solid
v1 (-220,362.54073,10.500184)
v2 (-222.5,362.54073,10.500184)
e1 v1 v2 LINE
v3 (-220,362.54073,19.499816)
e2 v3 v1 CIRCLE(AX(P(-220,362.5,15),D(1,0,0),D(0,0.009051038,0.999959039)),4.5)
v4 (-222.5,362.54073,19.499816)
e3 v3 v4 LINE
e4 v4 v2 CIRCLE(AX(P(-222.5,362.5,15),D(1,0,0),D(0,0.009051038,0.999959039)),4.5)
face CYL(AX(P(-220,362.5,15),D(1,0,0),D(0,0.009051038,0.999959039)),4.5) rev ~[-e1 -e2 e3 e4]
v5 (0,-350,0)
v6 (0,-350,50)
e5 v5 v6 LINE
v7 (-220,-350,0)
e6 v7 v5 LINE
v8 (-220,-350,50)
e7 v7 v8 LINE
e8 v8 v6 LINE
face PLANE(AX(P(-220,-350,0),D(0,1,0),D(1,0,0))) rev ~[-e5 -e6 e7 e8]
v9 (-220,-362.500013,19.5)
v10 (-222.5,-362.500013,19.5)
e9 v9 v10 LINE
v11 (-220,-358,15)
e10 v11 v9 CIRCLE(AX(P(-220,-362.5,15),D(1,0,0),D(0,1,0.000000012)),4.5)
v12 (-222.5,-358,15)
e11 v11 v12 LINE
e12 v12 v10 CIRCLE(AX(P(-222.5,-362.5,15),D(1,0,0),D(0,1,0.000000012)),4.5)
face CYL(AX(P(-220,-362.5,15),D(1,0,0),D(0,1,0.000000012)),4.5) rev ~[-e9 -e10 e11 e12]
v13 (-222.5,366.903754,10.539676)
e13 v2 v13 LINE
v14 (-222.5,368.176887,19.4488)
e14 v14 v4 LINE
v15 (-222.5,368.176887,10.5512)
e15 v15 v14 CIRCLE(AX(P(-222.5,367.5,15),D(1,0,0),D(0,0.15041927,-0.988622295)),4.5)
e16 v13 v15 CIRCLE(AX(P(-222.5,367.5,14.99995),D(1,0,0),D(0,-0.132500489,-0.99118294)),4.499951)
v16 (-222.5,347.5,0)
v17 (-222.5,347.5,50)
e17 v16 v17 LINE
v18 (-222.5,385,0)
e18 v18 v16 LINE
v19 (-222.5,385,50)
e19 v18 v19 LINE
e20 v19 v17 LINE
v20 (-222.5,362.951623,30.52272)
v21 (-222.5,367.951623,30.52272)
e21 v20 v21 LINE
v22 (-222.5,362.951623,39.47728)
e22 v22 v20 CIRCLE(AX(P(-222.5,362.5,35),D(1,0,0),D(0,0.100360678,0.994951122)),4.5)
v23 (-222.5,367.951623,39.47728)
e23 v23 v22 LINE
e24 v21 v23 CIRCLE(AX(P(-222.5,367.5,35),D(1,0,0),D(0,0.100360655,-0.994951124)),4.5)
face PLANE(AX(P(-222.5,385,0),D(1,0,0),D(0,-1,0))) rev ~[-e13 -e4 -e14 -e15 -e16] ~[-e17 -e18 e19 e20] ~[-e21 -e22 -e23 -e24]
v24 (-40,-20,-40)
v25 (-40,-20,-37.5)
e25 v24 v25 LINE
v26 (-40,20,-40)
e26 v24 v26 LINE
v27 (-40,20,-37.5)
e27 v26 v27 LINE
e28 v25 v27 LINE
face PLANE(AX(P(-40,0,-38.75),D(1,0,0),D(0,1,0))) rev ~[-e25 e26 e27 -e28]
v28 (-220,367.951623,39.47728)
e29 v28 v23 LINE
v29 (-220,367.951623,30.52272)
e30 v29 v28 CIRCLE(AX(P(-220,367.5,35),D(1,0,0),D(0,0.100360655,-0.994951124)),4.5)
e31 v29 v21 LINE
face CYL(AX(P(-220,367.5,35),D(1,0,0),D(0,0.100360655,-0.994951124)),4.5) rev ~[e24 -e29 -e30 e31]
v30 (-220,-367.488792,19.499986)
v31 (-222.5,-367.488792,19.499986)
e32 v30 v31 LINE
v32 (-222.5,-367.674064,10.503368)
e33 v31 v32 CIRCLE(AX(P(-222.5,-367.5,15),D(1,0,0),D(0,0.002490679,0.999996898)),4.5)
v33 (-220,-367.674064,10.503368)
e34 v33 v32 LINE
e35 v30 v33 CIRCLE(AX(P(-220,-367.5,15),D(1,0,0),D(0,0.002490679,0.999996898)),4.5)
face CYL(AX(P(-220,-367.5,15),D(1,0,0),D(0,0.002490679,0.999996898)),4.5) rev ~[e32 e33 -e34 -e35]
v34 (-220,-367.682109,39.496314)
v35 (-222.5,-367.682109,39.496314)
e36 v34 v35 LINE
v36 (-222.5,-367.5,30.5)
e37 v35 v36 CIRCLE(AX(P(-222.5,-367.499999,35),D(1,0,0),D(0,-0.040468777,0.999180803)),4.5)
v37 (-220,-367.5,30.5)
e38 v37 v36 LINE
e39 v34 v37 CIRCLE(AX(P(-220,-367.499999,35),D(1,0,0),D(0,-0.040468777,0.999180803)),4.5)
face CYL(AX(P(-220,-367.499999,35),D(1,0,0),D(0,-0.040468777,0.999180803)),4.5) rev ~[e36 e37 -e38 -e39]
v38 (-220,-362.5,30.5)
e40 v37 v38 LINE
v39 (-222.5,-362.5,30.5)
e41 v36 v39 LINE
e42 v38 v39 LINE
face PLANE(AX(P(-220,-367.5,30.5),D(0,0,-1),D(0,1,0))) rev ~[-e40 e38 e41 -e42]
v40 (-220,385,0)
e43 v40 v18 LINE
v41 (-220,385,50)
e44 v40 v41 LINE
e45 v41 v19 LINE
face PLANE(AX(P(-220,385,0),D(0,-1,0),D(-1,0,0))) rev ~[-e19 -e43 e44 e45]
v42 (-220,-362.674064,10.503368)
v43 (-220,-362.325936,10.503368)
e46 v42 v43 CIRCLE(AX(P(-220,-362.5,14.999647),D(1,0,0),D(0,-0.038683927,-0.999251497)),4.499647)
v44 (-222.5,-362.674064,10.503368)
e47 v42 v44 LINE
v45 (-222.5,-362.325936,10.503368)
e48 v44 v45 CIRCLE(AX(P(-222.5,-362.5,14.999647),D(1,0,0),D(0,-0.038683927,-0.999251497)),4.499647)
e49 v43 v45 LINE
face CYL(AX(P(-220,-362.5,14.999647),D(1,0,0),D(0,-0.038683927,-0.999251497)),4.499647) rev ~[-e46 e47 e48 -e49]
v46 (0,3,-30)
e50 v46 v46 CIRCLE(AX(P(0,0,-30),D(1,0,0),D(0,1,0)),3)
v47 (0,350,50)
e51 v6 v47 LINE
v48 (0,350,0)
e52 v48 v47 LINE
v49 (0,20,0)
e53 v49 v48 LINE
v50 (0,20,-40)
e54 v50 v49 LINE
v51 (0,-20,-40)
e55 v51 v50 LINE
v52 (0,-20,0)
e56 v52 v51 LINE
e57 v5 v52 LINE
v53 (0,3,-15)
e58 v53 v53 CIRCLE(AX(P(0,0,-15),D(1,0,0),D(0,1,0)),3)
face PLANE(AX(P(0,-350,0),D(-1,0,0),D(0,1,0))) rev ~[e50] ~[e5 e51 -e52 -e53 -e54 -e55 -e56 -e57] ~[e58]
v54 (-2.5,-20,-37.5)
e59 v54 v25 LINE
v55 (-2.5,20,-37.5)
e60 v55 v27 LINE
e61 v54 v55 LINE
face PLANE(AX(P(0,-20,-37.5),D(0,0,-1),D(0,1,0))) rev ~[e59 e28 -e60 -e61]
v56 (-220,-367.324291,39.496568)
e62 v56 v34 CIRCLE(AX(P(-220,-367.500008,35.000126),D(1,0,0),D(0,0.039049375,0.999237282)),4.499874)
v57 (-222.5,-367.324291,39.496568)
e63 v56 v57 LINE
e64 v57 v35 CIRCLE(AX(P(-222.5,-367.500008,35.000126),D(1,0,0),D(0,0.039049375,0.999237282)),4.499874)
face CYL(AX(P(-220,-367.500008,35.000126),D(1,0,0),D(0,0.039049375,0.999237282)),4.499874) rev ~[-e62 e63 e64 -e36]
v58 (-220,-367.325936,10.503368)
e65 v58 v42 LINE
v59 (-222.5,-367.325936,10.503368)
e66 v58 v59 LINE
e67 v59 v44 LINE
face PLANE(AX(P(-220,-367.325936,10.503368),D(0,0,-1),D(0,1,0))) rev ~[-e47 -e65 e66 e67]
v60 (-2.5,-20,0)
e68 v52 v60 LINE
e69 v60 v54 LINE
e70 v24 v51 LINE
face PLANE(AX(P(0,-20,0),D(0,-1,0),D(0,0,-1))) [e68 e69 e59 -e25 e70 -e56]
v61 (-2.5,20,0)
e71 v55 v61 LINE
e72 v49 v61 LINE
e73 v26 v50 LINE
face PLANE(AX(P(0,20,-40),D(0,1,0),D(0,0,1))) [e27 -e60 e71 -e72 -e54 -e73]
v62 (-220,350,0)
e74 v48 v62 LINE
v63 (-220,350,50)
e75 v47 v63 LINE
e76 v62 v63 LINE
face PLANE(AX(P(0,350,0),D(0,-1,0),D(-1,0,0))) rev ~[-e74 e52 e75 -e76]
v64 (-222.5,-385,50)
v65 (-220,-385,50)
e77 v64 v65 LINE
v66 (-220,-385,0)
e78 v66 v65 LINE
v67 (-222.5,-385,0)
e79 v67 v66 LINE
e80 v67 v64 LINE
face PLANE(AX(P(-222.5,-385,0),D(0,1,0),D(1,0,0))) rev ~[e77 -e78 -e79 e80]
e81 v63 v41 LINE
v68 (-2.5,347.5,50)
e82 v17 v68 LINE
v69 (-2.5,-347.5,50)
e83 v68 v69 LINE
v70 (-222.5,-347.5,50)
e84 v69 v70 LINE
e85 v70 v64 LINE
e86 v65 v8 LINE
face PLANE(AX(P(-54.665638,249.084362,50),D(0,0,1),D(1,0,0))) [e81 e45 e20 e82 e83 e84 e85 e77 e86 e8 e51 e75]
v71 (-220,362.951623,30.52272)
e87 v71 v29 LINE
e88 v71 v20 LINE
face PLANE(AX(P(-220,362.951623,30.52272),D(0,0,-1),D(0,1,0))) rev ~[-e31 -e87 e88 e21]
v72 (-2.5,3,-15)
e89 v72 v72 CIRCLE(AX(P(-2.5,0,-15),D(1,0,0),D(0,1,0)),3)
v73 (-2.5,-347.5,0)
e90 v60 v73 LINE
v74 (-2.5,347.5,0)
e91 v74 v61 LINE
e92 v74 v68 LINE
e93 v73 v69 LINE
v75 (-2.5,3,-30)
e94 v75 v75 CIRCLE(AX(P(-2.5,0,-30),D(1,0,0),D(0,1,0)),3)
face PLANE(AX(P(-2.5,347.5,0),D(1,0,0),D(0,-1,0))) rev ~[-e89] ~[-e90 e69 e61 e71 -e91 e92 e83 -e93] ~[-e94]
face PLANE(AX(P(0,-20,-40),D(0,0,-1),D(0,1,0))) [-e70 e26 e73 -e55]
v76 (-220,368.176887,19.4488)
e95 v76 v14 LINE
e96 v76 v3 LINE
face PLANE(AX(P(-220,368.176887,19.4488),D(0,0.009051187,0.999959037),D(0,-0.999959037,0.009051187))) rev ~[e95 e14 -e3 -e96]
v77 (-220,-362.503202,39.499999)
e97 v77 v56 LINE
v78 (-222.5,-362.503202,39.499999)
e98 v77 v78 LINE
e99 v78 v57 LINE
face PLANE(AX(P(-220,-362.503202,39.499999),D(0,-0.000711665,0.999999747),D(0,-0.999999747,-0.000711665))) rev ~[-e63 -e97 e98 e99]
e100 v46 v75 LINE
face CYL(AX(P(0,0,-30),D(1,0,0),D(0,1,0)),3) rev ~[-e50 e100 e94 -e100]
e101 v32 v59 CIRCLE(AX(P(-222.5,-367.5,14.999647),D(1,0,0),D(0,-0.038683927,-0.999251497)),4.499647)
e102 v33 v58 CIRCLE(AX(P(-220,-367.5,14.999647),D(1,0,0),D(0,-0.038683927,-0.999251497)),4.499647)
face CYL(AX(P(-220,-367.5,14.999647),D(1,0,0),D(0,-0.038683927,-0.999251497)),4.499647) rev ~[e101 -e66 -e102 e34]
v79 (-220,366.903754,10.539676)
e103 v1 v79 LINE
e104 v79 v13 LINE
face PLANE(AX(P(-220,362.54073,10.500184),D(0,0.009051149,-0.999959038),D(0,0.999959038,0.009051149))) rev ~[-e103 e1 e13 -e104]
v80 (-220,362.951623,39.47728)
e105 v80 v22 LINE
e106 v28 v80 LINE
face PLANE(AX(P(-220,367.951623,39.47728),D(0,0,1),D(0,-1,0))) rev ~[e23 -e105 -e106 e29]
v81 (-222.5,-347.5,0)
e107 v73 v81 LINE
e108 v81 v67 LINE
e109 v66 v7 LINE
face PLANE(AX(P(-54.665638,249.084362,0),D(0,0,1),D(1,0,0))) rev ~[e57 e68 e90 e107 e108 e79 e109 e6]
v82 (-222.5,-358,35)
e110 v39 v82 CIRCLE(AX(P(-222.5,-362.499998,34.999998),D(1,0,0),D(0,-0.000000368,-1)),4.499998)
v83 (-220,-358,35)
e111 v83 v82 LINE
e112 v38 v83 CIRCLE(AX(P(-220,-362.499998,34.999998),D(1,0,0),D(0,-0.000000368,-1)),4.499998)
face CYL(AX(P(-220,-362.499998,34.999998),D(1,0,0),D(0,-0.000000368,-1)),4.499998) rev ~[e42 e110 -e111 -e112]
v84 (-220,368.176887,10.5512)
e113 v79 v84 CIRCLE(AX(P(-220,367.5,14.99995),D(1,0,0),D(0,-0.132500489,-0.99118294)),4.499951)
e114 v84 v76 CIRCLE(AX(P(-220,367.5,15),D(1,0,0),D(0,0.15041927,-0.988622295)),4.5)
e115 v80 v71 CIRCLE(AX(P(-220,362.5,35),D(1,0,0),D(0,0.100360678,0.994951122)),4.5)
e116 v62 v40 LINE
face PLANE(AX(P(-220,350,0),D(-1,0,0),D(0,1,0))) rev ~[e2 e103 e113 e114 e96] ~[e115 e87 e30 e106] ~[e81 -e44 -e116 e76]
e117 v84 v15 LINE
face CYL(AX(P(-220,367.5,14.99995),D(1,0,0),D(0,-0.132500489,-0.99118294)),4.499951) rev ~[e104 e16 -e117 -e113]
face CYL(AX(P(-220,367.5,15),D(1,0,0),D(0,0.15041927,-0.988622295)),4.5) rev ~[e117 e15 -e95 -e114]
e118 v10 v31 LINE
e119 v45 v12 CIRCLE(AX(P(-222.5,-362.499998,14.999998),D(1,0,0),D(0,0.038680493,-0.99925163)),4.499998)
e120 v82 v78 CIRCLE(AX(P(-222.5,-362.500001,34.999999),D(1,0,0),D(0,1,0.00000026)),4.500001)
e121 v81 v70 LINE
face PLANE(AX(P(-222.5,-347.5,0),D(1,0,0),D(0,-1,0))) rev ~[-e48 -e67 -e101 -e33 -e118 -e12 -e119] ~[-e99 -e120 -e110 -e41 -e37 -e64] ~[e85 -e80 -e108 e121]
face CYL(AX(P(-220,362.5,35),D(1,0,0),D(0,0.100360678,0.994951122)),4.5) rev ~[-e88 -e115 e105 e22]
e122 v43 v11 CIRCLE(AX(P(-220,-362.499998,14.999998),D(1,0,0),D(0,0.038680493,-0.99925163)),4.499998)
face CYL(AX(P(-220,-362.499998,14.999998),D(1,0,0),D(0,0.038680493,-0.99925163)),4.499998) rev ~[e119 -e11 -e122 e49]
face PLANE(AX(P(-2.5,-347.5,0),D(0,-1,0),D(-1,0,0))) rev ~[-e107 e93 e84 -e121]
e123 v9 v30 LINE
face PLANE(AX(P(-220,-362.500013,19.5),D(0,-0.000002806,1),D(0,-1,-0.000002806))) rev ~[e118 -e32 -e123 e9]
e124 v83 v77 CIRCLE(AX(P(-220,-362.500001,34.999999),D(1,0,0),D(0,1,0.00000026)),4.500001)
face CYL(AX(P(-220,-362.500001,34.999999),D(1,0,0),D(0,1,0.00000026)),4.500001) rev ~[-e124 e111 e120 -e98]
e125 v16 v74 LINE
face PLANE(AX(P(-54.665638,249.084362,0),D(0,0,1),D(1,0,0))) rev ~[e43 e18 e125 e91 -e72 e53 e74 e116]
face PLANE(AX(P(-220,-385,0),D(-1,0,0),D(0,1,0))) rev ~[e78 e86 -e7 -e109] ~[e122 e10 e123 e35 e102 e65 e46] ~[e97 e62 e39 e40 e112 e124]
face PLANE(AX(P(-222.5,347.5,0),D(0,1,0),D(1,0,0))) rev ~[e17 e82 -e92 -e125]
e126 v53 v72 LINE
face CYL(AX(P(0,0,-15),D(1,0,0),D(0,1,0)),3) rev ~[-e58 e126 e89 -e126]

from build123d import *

# Parameters (mm, degrees)
F1_DEPTH  = 50
F2_R      = 3
F3_DEPTH  = 2.5
F5_DEPTH  = 3
F7_DEPTH  = 3
F8_W      = 40
F8_H      = 2.5
F9_DEPTH  = 40
F10_DEPTH = 25


with BuildPart() as f1:
    # F0 (on Top) → F1 (new body)
    with BuildSketch(Plane.XY):
        Polygon((-2.5, 0), (0, 0), (0, 350), (-220, 350), (-220, 385), (-222.5, 385), (-222.5, 347.5), (-2.5, 347.5), align=None)
        Polygon((0, -350), (0, 0), (-2.5, 0), (-2.5, -347.5), (-222.5, -347.5), (-222.5, -385), (-220, -385), (-220, -350), align=None)
    extrude(amount=F1_DEPTH)

    # F2 (on Right) → F3 (join)
    with BuildSketch(Plane.YZ):
        Polygon((20, 0), (0, 0), (-20, 0), (-20, -40), (20, -40), align=None)
        with Locations((0, -30)):
            Circle(F2_R, mode=Mode.SUBTRACT)
        with Locations((0, -15)):
            Circle(F2_R, mode=Mode.SUBTRACT)
    extrude(amount=-F3_DEPTH)

    # F4 (on face) → F5 (cut)
    with BuildSketch(Plane.YZ.offset(-220)):
        with BuildLine():
            Line((-367.324291, 39.496568), (-367.682109, 39.496314))
            ThreePointArc((-367.682109, 39.496314), (-371.999078, 34.908927), (-367.5, 30.5))
            ThreePointArc((-367.5, 30.5), (-366.193757, 30.693757), (-365, 31.258343))
            ThreePointArc((-365, 31.258343), (-366.468627, 32.87868), (-367, 35))
            ThreePointArc((-367, 35), (-366.468627, 37.12132), (-365, 38.741657))
            ThreePointArc((-365, 38.741657), (-366.109918, 39.279915), (-367.324291, 39.496568))
        make_face()
        with BuildLine():
            ThreePointArc((-367.324291, 39.496568), (-367.503202, 39.499999), (-367.682109, 39.496314))
            Line((-367.682109, 39.496314), (-367.324291, 39.496568))
        make_face()
        with BuildLine():
            ThreePointArc((-365, 31.258343), (-366.193757, 30.693757), (-367.5, 30.5))
            Line((-367.5, 30.5), (-362.5, 30.5))
            ThreePointArc((-362.5, 30.5), (-363.806243, 30.693757), (-365, 31.258343))
        make_face()
        with BuildLine():
            Line((-362.503202, 39.499999), (-367.324291, 39.496568))
            ThreePointArc((-367.324291, 39.496568), (-366.109918, 39.279915), (-365, 38.741657))
            ThreePointArc((-365, 38.741657), (-363.807775, 39.305778), (-362.503202, 39.499999))
        make_face()
        with BuildLine():
            ThreePointArc((-363, 35), (-363.531373, 32.87868), (-365, 31.258343))
            ThreePointArc((-365, 31.258343), (-363.806243, 30.693757), (-362.5, 30.5))
            ThreePointArc((-362.5, 30.5), (-359.318019, 31.818019), (-358, 35))
            ThreePointArc((-358, 35), (-359.319152, 38.183112), (-362.503202, 39.499999))
            ThreePointArc((-362.503202, 39.499999), (-363.807775, 39.305778), (-365, 38.741657))
            ThreePointArc((-365, 38.741657), (-363.531373, 37.12132), (-363, 35))
        make_face()
        with BuildLine():
            ThreePointArc((-365, 18.741657), (-366.188395, 19.304613), (-367.488792, 19.499986))
            ThreePointArc((-367.488792, 19.499986), (-371.999046, 15.092651), (-367.674064, 10.503368))
            Line((-367.674064, 10.503368), (-367.325936, 10.503368))
            ThreePointArc((-367.325936, 10.503368), (-366.110701, 10.719831), (-365, 11.258343))
            ThreePointArc((-365, 11.258343), (-366.468627, 12.87868), (-367, 15))
            ThreePointArc((-367, 15), (-366.468627, 17.12132), (-365, 18.741657))
        make_face()
        with BuildLine():
            Line((-362.500013, 19.5), (-367.488792, 19.499986))
            ThreePointArc((-367.488792, 19.499986), (-366.188395, 19.304613), (-365, 18.741657))
            ThreePointArc((-365, 18.741657), (-363.806249, 19.306241), (-362.500013, 19.5))
        make_face()
        with BuildLine():
            Line((-367.325936, 10.503368), (-367.674064, 10.503368))
            ThreePointArc((-367.674064, 10.503368), (-367.5, 10.5), (-367.325936, 10.503368))
        make_face()
        with BuildLine():
            ThreePointArc((-362.500013, 19.5), (-363.806249, 19.306241), (-365, 18.741657))
            ThreePointArc((-365, 18.741657), (-363.531373, 17.12132), (-363, 15))
            ThreePointArc((-363, 15), (-363.531373, 12.87868), (-365, 11.258343))
            ThreePointArc((-365, 11.258343), (-363.889299, 10.719831), (-362.674064, 10.503368))
            Line((-362.674064, 10.503368), (-362.325936, 10.503368))
            ThreePointArc((-362.325936, 10.503368), (-359.257062, 11.880167), (-358, 15))
            ThreePointArc((-358, 15), (-359.318024, 18.181985), (-362.500013, 19.5))
        make_face()
        with BuildLine():
            ThreePointArc((-365, 11.258343), (-366.110701, 10.719831), (-367.325936, 10.503368))
            Line((-367.325936, 10.503368), (-362.674064, 10.503368))
            ThreePointArc((-362.674064, 10.503368), (-363.889299, 10.719831), (-365, 11.258343))
        make_face()
        with BuildLine():
            Line((-362.325936, 10.503368), (-362.674064, 10.503368))
            ThreePointArc((-362.674064, 10.503368), (-362.5, 10.5), (-362.325936, 10.503368))
        make_face()
        with BuildLine():
            ThreePointArc((-363, 35), (-363.531373, 37.12132), (-365, 38.741657))
            ThreePointArc((-365, 38.741657), (-366.468627, 37.12132), (-367, 35))
            Line((-367, 35), (-363, 35))
        make_face()
        with BuildLine():
            ThreePointArc((-365, 11.258343), (-363.531373, 12.87868), (-363, 15))
            Line((-363, 15), (-367, 15))
            ThreePointArc((-367, 15), (-366.468627, 12.87868), (-365, 11.258343))
        make_face()
        with BuildLine():
            ThreePointArc((-363, 15), (-363.531373, 17.12132), (-365, 18.741657))
            ThreePointArc((-365, 18.741657), (-366.468627, 17.12132), (-367, 15))
            Line((-367, 15), (-363, 15))
        make_face()
        with BuildLine():
            ThreePointArc((-367, 35), (-366.468627, 32.87868), (-365, 31.258343))
            ThreePointArc((-365, 31.258343), (-363.531373, 32.87868), (-363, 35))
            Line((-363, 35), (-367, 35))
        make_face()
    extrude(amount=-F5_DEPTH, mode=Mode.SUBTRACT)

    # F6 (on face) → F7 (cut)
    with BuildSketch(Plane.YZ.offset(-220)):
        with BuildLine():
            Line((362.951623, 30.52272), (367.951623, 30.52272))
            ThreePointArc((367.951623, 30.52272), (372, 35), (367.951623, 39.47728))
            Line((367.951623, 39.47728), (362.951623, 39.47728))
            ThreePointArc((362.951623, 39.47728), (358, 35), (362.951623, 30.52272))
        make_face()
        with BuildLine():
            Line((368.176887, 10.5512), (366.903754, 10.539676))
            ThreePointArc((366.903754, 10.539676), (367.54073, 10.500184), (368.176887, 10.5512))
        make_face()
        with BuildLine():
            Line((362.54073, 10.500184), (366.903754, 10.539676))
            Line((366.903754, 10.539676), (368.176887, 10.5512))
            ThreePointArc((368.176887, 10.5512), (372, 15), (368.176887, 19.4488))
            Line((368.176887, 19.4488), (362.54073, 19.499816))
            ThreePointArc((362.54073, 19.499816), (358, 15), (362.54073, 10.500184))
        make_face()
    extrude(amount=-F7_DEPTH, mode=Mode.SUBTRACT)

    # F8 (on face) → F9 (join)
    with BuildSketch(Plane.YZ):
        with Locations((0, -38.75)):
            Rectangle(F8_W, F8_H)
    extrude(amount=-F9_DEPTH)

    # F6 (on face) → F10 (cut)
    with BuildSketch(Plane.YZ.offset(-220)):
        with BuildLine():
            Line((362.951623, 30.52272), (367.951623, 30.52272))
            ThreePointArc((367.951623, 30.52272), (372, 35), (367.951623, 39.47728))
            Line((367.951623, 39.47728), (362.951623, 39.47728))
            ThreePointArc((362.951623, 39.47728), (358, 35), (362.951623, 30.52272))
        make_face()
        with BuildLine():
            Line((368.176887, 10.5512), (366.903754, 10.539676))
            ThreePointArc((366.903754, 10.539676), (367.54073, 10.500184), (368.176887, 10.5512))
        make_face()
        with BuildLine():
            Line((362.54073, 10.500184), (366.903754, 10.539676))
            Line((366.903754, 10.539676), (368.176887, 10.5512))
            ThreePointArc((368.176887, 10.5512), (372, 15), (368.176887, 19.4488))
            Line((368.176887, 19.4488), (362.54073, 19.499816))
            ThreePointArc((362.54073, 19.499816), (358, 15), (362.54073, 10.500184))
        make_face()
    extrude(amount=-F10_DEPTH, mode=Mode.SUBTRACT)


solid = f1.part
